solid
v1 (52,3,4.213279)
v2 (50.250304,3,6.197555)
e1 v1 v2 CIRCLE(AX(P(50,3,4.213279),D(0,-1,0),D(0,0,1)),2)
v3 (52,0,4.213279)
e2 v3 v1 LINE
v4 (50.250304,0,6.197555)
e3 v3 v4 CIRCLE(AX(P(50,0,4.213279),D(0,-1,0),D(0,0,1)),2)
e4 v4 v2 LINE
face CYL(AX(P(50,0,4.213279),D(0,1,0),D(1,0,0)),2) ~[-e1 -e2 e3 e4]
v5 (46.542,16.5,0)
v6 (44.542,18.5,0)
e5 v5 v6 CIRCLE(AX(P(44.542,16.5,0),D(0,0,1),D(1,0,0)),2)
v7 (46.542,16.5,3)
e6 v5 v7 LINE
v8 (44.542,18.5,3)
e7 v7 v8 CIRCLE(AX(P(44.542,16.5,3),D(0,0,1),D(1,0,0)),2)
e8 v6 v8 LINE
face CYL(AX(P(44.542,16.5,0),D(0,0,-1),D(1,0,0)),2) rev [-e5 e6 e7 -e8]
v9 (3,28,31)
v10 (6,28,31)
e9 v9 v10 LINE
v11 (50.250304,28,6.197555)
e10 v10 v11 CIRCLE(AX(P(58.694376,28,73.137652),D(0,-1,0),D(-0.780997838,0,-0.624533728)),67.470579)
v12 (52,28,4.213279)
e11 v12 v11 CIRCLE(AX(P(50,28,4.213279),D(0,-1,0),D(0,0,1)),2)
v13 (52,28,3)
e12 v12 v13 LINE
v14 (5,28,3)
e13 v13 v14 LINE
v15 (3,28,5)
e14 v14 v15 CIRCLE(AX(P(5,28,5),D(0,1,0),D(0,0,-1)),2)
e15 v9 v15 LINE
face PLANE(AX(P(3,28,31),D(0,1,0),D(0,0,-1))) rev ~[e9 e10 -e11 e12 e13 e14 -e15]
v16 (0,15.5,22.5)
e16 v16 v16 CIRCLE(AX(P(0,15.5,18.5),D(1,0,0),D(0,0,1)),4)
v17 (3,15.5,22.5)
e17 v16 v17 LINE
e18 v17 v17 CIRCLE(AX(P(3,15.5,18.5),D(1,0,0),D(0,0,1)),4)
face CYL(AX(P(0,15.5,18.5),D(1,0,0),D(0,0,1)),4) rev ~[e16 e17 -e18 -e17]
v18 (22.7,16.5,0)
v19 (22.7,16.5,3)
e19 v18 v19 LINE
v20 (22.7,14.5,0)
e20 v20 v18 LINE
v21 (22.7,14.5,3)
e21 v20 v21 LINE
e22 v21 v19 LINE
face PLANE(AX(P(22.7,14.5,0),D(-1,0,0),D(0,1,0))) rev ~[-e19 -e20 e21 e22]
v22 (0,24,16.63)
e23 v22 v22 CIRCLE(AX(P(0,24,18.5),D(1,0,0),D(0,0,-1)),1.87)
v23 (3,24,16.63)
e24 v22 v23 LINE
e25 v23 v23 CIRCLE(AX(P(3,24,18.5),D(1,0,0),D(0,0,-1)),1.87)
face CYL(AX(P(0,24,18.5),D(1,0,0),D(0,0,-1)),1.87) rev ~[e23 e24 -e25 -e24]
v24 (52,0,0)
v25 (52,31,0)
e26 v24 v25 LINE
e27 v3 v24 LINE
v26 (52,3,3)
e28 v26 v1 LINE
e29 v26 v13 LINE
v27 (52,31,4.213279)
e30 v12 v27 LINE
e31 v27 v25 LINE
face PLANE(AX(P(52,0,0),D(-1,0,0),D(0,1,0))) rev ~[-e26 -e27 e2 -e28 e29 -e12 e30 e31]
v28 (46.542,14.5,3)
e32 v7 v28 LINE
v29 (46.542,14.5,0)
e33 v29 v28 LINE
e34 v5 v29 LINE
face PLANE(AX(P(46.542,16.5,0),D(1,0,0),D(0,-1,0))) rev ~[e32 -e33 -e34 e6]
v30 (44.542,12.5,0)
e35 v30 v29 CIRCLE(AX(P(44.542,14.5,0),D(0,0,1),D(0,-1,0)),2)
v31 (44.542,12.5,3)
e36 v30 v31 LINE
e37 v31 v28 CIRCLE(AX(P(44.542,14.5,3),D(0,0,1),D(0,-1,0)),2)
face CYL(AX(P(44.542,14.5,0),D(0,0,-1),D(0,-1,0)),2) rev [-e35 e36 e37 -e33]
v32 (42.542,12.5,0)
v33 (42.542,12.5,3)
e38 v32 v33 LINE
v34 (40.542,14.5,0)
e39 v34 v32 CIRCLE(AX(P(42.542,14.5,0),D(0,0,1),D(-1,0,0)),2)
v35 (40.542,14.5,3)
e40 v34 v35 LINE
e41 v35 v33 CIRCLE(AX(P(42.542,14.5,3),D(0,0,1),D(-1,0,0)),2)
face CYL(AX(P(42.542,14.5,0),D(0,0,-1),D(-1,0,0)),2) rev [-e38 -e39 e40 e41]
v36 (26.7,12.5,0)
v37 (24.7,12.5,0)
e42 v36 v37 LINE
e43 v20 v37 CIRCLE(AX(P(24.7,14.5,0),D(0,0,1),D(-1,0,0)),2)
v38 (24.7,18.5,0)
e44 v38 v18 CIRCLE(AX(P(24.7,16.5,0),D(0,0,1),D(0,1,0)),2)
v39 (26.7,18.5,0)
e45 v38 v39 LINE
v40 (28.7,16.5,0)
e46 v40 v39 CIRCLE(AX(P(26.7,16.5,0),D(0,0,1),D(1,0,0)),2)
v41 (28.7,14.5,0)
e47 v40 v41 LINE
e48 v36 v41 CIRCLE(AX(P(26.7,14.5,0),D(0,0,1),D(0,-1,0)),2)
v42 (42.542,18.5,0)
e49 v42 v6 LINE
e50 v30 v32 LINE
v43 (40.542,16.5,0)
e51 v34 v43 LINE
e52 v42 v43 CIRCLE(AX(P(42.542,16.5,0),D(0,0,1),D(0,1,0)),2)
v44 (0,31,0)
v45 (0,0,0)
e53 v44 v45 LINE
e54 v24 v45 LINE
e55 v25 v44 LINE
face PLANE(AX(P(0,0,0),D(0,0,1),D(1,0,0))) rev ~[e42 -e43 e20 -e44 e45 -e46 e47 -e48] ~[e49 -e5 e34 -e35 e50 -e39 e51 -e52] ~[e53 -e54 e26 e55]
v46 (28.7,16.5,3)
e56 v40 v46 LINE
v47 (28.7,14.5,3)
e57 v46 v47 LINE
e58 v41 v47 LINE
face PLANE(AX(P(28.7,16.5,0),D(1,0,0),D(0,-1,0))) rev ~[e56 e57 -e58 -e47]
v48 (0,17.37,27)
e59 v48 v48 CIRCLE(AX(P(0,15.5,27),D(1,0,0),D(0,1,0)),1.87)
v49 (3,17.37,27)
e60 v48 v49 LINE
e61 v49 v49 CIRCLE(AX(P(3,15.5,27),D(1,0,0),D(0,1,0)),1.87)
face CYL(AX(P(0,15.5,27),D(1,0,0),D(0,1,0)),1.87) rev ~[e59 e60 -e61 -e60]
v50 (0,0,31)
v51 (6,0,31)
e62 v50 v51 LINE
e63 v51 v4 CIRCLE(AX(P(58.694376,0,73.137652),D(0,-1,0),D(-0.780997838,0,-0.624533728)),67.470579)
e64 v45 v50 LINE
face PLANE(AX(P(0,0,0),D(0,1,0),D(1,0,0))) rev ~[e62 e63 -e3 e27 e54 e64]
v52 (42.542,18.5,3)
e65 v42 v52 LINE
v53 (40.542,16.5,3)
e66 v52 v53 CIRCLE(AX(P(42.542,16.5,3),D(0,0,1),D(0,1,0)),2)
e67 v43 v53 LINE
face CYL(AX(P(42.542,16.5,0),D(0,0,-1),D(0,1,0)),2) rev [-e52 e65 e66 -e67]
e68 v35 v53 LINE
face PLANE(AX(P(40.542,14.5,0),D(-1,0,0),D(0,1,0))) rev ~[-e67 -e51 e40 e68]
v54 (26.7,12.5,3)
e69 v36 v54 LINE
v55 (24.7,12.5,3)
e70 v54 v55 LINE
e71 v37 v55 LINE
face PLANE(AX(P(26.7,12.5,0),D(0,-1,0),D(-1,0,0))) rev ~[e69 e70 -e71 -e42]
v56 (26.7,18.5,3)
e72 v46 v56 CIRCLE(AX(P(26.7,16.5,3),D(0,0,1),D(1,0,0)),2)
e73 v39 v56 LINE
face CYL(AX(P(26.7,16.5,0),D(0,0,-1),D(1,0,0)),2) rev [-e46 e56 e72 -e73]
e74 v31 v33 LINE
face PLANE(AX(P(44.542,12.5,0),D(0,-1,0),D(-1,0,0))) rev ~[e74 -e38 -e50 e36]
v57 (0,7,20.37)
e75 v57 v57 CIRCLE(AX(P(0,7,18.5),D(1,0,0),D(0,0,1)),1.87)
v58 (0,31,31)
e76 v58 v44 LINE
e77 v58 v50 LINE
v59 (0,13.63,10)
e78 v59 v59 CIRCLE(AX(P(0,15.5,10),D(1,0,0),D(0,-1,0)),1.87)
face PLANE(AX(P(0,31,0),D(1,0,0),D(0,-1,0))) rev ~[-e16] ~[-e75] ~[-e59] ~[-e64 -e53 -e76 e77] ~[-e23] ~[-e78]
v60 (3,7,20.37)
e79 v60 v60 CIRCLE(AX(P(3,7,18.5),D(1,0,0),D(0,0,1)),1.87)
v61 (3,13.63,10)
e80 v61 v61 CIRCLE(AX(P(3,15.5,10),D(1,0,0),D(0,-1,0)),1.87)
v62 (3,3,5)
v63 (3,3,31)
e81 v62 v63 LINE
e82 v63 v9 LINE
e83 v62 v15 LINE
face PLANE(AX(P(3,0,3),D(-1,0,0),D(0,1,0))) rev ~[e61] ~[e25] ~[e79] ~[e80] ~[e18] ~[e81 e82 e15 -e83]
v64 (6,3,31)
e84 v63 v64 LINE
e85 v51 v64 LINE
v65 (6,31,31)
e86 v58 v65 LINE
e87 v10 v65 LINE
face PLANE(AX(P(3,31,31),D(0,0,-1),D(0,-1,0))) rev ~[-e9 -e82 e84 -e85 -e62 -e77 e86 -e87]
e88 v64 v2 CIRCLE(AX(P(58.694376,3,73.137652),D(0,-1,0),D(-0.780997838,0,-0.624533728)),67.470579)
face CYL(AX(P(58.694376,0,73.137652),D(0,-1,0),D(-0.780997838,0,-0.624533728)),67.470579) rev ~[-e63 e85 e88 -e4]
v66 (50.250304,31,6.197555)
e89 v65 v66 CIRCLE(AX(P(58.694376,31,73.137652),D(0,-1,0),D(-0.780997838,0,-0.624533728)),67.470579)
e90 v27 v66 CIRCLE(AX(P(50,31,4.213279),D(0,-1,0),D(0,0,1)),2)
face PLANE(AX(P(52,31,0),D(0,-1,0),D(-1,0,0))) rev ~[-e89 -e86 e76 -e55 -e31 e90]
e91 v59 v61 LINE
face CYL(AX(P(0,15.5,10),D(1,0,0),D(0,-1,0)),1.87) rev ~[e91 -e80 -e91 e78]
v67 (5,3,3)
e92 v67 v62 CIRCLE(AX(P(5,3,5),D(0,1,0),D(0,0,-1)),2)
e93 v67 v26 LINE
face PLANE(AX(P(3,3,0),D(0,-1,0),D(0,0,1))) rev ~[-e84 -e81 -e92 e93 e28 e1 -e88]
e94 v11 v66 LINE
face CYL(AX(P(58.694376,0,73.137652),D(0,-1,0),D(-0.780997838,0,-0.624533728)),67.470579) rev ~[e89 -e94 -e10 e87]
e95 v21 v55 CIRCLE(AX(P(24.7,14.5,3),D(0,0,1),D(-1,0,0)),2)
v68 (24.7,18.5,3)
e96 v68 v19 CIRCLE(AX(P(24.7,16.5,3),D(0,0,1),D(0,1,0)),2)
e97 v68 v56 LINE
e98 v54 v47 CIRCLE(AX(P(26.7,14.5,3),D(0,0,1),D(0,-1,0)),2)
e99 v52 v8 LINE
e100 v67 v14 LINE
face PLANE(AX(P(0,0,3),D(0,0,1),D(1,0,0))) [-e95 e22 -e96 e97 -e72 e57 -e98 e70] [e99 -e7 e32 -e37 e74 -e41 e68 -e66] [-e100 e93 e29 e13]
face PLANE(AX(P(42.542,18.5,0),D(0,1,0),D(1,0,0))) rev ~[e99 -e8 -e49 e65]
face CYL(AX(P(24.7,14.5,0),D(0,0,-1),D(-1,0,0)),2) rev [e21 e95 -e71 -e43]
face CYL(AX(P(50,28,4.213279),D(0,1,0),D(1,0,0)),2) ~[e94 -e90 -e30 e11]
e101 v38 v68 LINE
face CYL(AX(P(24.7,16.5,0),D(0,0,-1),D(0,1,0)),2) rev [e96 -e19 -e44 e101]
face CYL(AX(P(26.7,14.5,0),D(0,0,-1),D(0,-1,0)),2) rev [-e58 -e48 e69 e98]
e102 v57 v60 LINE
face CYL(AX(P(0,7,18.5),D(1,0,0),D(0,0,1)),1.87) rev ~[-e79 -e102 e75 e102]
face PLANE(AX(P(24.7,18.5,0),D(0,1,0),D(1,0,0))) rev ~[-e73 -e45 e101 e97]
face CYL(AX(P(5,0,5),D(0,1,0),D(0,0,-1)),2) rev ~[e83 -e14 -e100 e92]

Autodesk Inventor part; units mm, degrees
ref_plane "YZ Plane" through (0, 0, 0) normal (1, 0, 0) x (0, 1, 0)
ref_plane "XZ Plane" through (0, 0, 0) normal (0, 1, 0) x (-1, 0, 0)
ref_plane "XY Plane" through (0, 0, 0) normal (0, 0, 1) x (1, 0, 0)
sketch "Sketch1" plane through (0, 0, 0) normal (0, 0, 1) x (1, 0, 0)
  line L0 (0, 0) -> (52, 0)
  line L1 (52, 0) -> (52, 31)
  line L2 (52, 31) -> (0, 31)
  line L3 (0, 31) -> (0, 0)
  line L4 (24.7, 18.5) -> (26.7, 18.5)
  line L5 (28.7, 16.5) -> (28.7, 14.5)
  line L6 (26.7, 12.5) -> (24.7, 12.5)
  line L7 (22.7, 14.5) -> (22.7, 16.5)
  arc A0 (22.7, 14.5) -> (24.7, 12.5) centre (24.7, 14.5) ccw
  arc A1 (24.7, 18.5) -> (22.7, 16.5) centre (24.7, 16.5) ccw
  arc A2 (28.7, 16.5) -> (26.7, 18.5) centre (26.7, 16.5) ccw
  arc A3 (26.7, 12.5) -> (28.7, 14.5) centre (26.7, 14.5) ccw
  line L8 (42.542, 18.5) -> (44.542, 18.5)
  line L9 (46.542, 16.5) -> (46.542, 14.5)
  line L10 (44.542, 12.5) -> (42.542, 12.5)
  line L11 (40.542, 14.5) -> (40.542, 16.5)
  arc A4 (40.542, 14.5) -> (42.542, 12.5) centre (42.542, 14.5) ccw
  arc A5 (42.542, 18.5) -> (40.542, 16.5) centre (42.542, 16.5) ccw
  arc A6 (46.542, 16.5) -> (44.542, 18.5) centre (44.542, 16.5) ccw
  arc A7 (44.542, 12.5) -> (46.542, 14.5) centre (44.542, 14.5) ccw
  point P0 (28.7, 12.5)
  point P1 (28.7, 18.5)
  point P2 (22.7, 12.5)
  point P3 (22.7, 15.5)
  point P4 (0, 15.5)
  point P5 (46.542, 12.5)
  point P6 (46.542, 18.5)
  point P7 (40.542, 12.5)
  point P8 (40.542, 15.5)
  point P9 (28.7, 15.5)
  dimension "d0" = 52
  dimension "d1" = 31
  dimension "d2" = 6
  dimension "d3" = 6
  dimension "d4" = 2
  dimension "d5" = 22.7
  dimension "d6" = 6
  dimension "d7" = 6
  dimension "d8" = 2
  dimension "d9" = 5.458
extrude "Extrusion1" add sketch "Sketch1" along normal blind 3
sketch "Sketch2" plane through (0, 0, 3) normal (0, 0, 1) x (1, 0, 0)
  line L0 (0, 31) -> (0, 0) construction
  line L1 (52, 31) -> (0, 31) construction
  line L2 (0, 0) -> (3, 0)
  line L3 (3, 0) -> (3, 31)
  line L4 (3, 31) -> (0, 31)
  line L5 (0, 31) -> (0, 0)
  dimension "d12" = 3
extrude "Extrusion2" add sketch "Sketch2" along normal blind 28
fillet "Fillet1" radius 2 1 edges at (3, 15.5, 3)
sketch "Sketch4" plane through (0, 0, 0) normal (-1, 0, 0) x (0, 0, 1)
  point P0 (0, 0)
  point P1 (18.5, 15.5)
  point P2 (31, 15.5)
  dimension "d40" = 12.5
hole "Hole1" at (0, 15.5, 18.5) direction (1, 0, 0) diameter 8 end through all
sketch "Sketch5" plane through (0, 0, 0) normal (-1, 0, 0) x (0, 0, 1)
  line L0 (0, 31) -> (0, 0) construction
  circle A0 centre (18.5, 15.5) radius 4 construction
  point P0 (18.5, 7)
  dimension "d28" = 8.5
hole "Hole2" at (0, 7, 18.5) direction (1, 0, 0) diameter 3.74 end through all
pattern_circular "Circular Pattern1" count 4 over 360 about axis through (68.0147, 15.5, 18.5) along (-1, 0, 0) of "Hole2"
sketch "Sketch7" plane through (3, 0, 31) normal (1, 0, 0) x (0, 0, -1)
  line L0 (0, 0) -> (31, 0)
  line L1 (31, 0) -> (31, 3)
  line L2 (31, 3) -> (0, 3)
  line L3 (0, 3) -> (0, 0)
  line L4 (0, 28) -> (31, 28)
  line L5 (31, 28) -> (31, 31)
  line L6 (31, 31) -> (0, 31)
  line L7 (0, 31) -> (0, 28)
  point P0 (31, 0)
  dimension "d41" = 3
  dimension "d42" = 3
extrude "Extrusion4" add sketch "Sketch7" along normal up to surface (49 mm away)
sketch "Sketch8" plane through (0, 0, 0) normal (0, -1, 0) x (1, 0, 0)
  line L0 (3, 31) -> (6, 31) construction
  line L1 (52, 3) -> (52, 6) construction
  arc A0 (6, 31) -> (52, 6) centre (58.6945, 73.1378) ccw
  line L2 (6, 31) -> (52, 31)
  line L3 (52, 31) -> (52, 6)
  point P0 (0, 0)
  dimension "d45" = 3
  dimension "d46" = 3
  dimension "d47" = 67.4708
extrude "Extrusion5" cut sketch "Sketch8" against normal up to surface (31 mm away)
fillet "Fillet2" radius 2 2 edges at (52, 1.5, 6) (52, 29.5, 6)
properties part number "sujetador del motor"
